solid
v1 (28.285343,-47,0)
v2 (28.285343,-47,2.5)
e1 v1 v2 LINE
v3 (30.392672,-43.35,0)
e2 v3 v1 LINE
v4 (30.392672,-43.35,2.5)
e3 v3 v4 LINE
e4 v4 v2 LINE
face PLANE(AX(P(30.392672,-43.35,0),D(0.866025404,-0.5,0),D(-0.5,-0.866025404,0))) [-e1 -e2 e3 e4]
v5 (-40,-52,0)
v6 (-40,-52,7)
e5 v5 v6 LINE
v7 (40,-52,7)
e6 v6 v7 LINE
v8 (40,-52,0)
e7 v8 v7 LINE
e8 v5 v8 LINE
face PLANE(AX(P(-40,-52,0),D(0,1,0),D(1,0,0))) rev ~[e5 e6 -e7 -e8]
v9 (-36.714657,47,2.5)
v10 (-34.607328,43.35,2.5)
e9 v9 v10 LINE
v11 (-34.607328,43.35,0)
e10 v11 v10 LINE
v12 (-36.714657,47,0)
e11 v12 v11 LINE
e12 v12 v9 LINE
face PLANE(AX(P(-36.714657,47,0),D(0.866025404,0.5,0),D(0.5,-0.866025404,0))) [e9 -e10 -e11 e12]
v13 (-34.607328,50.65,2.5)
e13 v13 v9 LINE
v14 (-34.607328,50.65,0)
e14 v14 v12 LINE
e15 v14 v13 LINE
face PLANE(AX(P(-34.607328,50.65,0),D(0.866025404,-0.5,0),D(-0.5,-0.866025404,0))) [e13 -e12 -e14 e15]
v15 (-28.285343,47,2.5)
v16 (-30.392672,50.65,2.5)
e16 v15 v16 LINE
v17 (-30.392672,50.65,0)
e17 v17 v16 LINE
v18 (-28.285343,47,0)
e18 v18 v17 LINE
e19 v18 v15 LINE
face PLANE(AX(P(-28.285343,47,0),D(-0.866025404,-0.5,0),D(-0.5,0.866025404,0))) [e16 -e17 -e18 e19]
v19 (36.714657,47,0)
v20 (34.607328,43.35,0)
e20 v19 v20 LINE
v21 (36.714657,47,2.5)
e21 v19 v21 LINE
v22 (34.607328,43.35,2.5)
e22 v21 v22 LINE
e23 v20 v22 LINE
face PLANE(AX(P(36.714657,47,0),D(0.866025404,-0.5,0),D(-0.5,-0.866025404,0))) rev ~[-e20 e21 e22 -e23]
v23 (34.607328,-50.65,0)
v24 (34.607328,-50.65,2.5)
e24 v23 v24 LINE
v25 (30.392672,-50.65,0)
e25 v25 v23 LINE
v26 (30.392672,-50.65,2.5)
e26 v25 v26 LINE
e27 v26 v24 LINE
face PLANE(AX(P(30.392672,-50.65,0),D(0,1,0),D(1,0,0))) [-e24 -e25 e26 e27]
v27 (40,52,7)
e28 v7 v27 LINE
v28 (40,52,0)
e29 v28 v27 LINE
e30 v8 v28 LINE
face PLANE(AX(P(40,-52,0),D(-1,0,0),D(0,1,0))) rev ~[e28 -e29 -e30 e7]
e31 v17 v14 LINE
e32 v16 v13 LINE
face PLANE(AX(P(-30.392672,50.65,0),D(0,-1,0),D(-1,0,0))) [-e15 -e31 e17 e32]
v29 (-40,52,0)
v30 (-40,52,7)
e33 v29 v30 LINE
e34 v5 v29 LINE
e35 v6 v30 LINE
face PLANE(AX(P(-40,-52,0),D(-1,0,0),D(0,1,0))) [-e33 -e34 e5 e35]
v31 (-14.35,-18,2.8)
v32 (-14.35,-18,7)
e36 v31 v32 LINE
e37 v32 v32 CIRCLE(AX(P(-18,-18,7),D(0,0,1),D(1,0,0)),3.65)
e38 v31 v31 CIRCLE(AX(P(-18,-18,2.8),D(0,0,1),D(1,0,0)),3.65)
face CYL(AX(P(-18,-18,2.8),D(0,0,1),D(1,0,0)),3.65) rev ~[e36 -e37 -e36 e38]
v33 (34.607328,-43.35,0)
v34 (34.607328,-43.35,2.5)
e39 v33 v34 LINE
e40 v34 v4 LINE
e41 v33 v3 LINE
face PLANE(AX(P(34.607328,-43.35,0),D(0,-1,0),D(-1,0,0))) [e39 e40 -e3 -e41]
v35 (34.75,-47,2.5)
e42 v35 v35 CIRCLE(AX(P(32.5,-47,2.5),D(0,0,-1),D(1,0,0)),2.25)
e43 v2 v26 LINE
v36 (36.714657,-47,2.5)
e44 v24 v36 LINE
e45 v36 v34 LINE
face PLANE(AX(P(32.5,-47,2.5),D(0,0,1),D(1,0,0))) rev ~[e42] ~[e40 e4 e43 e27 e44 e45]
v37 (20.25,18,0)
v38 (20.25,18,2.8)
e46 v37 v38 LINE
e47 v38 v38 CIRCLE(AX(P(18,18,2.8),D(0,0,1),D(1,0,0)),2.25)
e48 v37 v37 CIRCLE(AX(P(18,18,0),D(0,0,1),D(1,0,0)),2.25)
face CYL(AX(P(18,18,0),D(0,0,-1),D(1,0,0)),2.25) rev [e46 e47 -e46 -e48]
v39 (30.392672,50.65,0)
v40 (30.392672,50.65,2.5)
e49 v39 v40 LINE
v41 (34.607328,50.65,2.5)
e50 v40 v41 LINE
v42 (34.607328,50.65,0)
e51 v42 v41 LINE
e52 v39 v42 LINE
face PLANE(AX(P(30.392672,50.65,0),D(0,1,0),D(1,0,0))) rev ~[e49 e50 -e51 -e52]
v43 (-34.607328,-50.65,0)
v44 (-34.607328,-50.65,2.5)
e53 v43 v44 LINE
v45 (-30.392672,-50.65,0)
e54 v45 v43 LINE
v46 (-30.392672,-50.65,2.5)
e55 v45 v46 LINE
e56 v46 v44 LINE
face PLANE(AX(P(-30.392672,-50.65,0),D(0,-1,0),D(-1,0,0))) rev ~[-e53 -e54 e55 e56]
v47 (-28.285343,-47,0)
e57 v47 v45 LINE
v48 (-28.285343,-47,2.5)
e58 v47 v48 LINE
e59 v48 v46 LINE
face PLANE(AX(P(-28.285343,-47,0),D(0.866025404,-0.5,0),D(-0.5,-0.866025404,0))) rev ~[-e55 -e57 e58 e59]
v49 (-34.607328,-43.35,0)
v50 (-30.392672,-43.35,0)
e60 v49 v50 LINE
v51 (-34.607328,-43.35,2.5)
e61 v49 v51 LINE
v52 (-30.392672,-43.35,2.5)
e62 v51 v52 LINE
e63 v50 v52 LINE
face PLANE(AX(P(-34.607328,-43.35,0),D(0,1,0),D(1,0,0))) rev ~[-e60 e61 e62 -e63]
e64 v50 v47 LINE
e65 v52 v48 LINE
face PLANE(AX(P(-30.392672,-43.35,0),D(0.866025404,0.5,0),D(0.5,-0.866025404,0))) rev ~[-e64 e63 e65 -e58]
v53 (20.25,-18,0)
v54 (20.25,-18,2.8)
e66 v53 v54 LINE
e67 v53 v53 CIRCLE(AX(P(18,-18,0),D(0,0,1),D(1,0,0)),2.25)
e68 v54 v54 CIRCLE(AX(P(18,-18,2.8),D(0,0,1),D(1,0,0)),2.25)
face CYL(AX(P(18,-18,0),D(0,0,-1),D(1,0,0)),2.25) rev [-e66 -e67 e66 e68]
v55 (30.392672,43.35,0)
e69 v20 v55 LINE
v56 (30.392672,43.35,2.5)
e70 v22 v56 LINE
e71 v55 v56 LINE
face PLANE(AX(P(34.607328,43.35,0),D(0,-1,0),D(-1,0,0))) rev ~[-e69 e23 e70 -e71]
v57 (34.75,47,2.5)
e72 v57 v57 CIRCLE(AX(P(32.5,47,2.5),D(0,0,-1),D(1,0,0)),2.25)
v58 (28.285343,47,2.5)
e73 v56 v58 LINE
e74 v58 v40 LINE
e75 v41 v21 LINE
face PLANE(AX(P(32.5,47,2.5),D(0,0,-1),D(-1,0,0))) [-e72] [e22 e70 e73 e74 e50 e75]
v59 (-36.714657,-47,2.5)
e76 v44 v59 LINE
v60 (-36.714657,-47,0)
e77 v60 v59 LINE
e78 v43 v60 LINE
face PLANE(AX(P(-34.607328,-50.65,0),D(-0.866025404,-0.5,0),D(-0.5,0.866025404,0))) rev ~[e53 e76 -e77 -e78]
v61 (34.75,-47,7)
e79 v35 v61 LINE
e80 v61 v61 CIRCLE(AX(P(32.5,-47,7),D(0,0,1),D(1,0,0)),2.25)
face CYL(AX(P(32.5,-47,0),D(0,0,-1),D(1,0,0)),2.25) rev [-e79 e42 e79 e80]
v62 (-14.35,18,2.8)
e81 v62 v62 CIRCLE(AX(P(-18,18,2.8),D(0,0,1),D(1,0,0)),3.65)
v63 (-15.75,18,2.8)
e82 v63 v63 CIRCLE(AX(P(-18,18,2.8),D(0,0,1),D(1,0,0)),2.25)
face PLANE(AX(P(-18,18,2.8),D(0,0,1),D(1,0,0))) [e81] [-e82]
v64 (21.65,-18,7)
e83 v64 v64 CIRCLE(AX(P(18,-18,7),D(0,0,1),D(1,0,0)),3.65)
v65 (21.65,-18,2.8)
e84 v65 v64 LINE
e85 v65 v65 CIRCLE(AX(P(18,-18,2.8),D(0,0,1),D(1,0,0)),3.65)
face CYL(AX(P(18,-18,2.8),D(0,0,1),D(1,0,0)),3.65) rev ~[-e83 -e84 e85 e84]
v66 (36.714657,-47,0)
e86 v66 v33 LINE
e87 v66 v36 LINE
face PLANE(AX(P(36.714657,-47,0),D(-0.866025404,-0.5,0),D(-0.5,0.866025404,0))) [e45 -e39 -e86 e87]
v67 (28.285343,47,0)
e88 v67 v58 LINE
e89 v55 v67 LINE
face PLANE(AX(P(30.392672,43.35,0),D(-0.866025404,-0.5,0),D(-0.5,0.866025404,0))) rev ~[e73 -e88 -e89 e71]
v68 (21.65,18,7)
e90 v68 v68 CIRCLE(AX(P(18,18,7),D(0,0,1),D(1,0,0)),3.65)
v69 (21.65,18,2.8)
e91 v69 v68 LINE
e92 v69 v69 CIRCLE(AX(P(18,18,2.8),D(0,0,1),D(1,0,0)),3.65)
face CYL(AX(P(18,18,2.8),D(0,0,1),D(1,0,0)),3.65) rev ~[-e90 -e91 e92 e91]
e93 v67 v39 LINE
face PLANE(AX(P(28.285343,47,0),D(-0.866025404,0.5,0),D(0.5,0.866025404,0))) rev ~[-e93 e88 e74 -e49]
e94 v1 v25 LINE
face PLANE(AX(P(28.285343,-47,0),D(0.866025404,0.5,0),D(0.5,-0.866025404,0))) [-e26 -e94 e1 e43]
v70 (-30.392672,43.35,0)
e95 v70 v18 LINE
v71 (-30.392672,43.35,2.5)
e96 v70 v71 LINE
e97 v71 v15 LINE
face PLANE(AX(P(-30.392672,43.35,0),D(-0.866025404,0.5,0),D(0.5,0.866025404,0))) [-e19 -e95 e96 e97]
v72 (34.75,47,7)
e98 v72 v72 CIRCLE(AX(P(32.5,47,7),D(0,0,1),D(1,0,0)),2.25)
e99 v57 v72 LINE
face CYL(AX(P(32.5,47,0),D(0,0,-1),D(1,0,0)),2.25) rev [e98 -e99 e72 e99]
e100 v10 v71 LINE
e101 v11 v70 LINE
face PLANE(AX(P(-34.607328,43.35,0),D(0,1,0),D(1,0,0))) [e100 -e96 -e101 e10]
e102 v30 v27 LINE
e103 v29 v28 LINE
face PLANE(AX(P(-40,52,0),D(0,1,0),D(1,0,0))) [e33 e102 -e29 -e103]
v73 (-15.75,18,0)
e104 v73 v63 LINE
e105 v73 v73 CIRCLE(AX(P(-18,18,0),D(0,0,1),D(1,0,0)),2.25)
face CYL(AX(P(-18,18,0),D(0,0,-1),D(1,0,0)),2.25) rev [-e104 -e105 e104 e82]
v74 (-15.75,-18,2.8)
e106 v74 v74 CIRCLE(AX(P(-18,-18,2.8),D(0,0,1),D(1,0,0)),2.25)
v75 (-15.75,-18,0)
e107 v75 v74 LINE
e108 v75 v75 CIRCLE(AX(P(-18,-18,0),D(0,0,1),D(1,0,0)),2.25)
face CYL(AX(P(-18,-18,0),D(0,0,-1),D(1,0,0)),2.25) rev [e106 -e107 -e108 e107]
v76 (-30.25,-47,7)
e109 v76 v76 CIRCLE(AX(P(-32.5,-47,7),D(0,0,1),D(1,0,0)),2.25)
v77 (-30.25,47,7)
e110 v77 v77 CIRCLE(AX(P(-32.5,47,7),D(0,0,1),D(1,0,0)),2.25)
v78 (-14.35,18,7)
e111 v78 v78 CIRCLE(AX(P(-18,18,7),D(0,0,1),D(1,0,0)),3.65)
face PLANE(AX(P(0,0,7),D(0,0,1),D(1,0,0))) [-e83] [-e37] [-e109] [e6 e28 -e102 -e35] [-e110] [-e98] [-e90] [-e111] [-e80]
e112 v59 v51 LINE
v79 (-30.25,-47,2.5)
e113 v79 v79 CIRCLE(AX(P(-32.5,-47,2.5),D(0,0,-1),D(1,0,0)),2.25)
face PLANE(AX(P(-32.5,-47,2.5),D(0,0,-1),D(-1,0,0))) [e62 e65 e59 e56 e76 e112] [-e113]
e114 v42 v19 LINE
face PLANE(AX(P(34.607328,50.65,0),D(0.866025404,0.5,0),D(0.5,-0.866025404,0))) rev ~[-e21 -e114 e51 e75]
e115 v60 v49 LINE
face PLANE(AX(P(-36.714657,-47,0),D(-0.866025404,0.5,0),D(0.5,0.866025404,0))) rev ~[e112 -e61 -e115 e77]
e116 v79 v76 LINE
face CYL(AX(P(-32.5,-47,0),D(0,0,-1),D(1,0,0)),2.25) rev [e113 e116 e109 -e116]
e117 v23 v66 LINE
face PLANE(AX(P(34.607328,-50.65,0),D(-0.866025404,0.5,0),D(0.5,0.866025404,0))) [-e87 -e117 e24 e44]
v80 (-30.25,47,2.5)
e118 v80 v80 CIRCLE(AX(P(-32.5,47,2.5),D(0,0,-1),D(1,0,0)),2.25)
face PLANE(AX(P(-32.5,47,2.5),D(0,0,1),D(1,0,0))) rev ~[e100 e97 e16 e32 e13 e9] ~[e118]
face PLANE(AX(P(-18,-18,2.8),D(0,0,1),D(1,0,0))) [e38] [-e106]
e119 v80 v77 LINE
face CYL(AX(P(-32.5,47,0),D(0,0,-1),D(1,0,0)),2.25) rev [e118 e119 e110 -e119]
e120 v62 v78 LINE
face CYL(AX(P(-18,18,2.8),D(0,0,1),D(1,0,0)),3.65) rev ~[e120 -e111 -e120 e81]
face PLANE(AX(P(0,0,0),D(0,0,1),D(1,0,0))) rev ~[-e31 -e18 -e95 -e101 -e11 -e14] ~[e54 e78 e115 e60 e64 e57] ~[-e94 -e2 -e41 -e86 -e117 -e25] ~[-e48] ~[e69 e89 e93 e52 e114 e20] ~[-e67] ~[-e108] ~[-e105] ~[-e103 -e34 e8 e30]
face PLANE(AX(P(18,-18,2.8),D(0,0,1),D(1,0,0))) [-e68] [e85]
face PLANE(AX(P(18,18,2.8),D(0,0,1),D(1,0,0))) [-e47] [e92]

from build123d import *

# Parameters (mm, degrees)
SKETCH_2_W                = 80
SKETCH_2_H                = 104
SKETCH_2_R                = 2.25
EXTRUDE_1_DEPTH           = 7
HOLE_WIZARD_1_D           = 4.5
HOLE_WIZARD_1_CBORE_D     = 7.3
HOLE_WIZARD_1_CBORE_DEPTH = 4.2
CUT_EXTRUDE_1_DEPTH       = 2.5


with BuildPart() as part:
    # 草圖2 → 填料-伸長1 (new body)
    with BuildSketch(Plane.XY):
        Rectangle(SKETCH_2_W, SKETCH_2_H)
        with Locations((-18, 18)):
            Circle(SKETCH_2_R, mode=Mode.SUBTRACT)
        with Locations((-32.5, 47)):
            Circle(SKETCH_2_R, mode=Mode.SUBTRACT)
        with Locations((18, 18)):
            Circle(SKETCH_2_R, mode=Mode.SUBTRACT)
        with Locations((18, -18)):
            Circle(SKETCH_2_R, mode=Mode.SUBTRACT)
        with Locations((-18, -18)):
            Circle(SKETCH_2_R, mode=Mode.SUBTRACT)
        with Locations((32.5, 47)):
            Circle(SKETCH_2_R, mode=Mode.SUBTRACT)
        with Locations((32.5, -47)):
            Circle(SKETCH_2_R, mode=Mode.SUBTRACT)
        with Locations((-32.5, -47)):
            Circle(SKETCH_2_R, mode=Mode.SUBTRACT)
    extrude(amount=EXTRUDE_1_DEPTH)

    # 鑽孔1 (through all)
    with Locations(Plane(origin=(-18, 18, 7), x_dir=(1, 0, 0), z_dir=(0, 0, 1))):
        with Locations((0, 0), (36, 0), (36, -36), (0, -36)):
            CounterBoreHole(HOLE_WIZARD_1_D / 2, HOLE_WIZARD_1_CBORE_D / 2, HOLE_WIZARD_1_CBORE_DEPTH)

    # 草圖4 → 除料-伸長1 (cut)
    with BuildSketch(Plane(origin=(0, 0, 0), x_dir=(-1, 0, 0), z_dir=(0, 0, -1))):
        Polygon((-28.285343035, 47), (-30.392671517, 50.65), (-34.607328483, 50.65), (-36.714656965, 47), (-34.607328483, 43.35), (-30.392671517, 43.35), align=None)
        Polygon((30.392671517, 43.35), (28.285343035, 47), (30.392671517, 50.65), (34.607328483, 50.65), (36.714656965, 47), (34.607328483, 43.35), align=None)
        Polygon((28.285343035, -47), (30.392671517, -50.65), (34.607328483, -50.65), (36.714656965, -47), (34.607328483, -43.35), (30.392671517, -43.35), align=None)
        Polygon((-30.392671517, -43.35), (-28.285343035, -47), (-30.392671517, -50.65), (-34.607328483, -50.65), (-36.714656965, -47), (-34.607328483, -43.35), align=None)
    extrude(amount=-CUT_EXTRUDE_1_DEPTH, mode=Mode.SUBTRACT)


solid = part.part
